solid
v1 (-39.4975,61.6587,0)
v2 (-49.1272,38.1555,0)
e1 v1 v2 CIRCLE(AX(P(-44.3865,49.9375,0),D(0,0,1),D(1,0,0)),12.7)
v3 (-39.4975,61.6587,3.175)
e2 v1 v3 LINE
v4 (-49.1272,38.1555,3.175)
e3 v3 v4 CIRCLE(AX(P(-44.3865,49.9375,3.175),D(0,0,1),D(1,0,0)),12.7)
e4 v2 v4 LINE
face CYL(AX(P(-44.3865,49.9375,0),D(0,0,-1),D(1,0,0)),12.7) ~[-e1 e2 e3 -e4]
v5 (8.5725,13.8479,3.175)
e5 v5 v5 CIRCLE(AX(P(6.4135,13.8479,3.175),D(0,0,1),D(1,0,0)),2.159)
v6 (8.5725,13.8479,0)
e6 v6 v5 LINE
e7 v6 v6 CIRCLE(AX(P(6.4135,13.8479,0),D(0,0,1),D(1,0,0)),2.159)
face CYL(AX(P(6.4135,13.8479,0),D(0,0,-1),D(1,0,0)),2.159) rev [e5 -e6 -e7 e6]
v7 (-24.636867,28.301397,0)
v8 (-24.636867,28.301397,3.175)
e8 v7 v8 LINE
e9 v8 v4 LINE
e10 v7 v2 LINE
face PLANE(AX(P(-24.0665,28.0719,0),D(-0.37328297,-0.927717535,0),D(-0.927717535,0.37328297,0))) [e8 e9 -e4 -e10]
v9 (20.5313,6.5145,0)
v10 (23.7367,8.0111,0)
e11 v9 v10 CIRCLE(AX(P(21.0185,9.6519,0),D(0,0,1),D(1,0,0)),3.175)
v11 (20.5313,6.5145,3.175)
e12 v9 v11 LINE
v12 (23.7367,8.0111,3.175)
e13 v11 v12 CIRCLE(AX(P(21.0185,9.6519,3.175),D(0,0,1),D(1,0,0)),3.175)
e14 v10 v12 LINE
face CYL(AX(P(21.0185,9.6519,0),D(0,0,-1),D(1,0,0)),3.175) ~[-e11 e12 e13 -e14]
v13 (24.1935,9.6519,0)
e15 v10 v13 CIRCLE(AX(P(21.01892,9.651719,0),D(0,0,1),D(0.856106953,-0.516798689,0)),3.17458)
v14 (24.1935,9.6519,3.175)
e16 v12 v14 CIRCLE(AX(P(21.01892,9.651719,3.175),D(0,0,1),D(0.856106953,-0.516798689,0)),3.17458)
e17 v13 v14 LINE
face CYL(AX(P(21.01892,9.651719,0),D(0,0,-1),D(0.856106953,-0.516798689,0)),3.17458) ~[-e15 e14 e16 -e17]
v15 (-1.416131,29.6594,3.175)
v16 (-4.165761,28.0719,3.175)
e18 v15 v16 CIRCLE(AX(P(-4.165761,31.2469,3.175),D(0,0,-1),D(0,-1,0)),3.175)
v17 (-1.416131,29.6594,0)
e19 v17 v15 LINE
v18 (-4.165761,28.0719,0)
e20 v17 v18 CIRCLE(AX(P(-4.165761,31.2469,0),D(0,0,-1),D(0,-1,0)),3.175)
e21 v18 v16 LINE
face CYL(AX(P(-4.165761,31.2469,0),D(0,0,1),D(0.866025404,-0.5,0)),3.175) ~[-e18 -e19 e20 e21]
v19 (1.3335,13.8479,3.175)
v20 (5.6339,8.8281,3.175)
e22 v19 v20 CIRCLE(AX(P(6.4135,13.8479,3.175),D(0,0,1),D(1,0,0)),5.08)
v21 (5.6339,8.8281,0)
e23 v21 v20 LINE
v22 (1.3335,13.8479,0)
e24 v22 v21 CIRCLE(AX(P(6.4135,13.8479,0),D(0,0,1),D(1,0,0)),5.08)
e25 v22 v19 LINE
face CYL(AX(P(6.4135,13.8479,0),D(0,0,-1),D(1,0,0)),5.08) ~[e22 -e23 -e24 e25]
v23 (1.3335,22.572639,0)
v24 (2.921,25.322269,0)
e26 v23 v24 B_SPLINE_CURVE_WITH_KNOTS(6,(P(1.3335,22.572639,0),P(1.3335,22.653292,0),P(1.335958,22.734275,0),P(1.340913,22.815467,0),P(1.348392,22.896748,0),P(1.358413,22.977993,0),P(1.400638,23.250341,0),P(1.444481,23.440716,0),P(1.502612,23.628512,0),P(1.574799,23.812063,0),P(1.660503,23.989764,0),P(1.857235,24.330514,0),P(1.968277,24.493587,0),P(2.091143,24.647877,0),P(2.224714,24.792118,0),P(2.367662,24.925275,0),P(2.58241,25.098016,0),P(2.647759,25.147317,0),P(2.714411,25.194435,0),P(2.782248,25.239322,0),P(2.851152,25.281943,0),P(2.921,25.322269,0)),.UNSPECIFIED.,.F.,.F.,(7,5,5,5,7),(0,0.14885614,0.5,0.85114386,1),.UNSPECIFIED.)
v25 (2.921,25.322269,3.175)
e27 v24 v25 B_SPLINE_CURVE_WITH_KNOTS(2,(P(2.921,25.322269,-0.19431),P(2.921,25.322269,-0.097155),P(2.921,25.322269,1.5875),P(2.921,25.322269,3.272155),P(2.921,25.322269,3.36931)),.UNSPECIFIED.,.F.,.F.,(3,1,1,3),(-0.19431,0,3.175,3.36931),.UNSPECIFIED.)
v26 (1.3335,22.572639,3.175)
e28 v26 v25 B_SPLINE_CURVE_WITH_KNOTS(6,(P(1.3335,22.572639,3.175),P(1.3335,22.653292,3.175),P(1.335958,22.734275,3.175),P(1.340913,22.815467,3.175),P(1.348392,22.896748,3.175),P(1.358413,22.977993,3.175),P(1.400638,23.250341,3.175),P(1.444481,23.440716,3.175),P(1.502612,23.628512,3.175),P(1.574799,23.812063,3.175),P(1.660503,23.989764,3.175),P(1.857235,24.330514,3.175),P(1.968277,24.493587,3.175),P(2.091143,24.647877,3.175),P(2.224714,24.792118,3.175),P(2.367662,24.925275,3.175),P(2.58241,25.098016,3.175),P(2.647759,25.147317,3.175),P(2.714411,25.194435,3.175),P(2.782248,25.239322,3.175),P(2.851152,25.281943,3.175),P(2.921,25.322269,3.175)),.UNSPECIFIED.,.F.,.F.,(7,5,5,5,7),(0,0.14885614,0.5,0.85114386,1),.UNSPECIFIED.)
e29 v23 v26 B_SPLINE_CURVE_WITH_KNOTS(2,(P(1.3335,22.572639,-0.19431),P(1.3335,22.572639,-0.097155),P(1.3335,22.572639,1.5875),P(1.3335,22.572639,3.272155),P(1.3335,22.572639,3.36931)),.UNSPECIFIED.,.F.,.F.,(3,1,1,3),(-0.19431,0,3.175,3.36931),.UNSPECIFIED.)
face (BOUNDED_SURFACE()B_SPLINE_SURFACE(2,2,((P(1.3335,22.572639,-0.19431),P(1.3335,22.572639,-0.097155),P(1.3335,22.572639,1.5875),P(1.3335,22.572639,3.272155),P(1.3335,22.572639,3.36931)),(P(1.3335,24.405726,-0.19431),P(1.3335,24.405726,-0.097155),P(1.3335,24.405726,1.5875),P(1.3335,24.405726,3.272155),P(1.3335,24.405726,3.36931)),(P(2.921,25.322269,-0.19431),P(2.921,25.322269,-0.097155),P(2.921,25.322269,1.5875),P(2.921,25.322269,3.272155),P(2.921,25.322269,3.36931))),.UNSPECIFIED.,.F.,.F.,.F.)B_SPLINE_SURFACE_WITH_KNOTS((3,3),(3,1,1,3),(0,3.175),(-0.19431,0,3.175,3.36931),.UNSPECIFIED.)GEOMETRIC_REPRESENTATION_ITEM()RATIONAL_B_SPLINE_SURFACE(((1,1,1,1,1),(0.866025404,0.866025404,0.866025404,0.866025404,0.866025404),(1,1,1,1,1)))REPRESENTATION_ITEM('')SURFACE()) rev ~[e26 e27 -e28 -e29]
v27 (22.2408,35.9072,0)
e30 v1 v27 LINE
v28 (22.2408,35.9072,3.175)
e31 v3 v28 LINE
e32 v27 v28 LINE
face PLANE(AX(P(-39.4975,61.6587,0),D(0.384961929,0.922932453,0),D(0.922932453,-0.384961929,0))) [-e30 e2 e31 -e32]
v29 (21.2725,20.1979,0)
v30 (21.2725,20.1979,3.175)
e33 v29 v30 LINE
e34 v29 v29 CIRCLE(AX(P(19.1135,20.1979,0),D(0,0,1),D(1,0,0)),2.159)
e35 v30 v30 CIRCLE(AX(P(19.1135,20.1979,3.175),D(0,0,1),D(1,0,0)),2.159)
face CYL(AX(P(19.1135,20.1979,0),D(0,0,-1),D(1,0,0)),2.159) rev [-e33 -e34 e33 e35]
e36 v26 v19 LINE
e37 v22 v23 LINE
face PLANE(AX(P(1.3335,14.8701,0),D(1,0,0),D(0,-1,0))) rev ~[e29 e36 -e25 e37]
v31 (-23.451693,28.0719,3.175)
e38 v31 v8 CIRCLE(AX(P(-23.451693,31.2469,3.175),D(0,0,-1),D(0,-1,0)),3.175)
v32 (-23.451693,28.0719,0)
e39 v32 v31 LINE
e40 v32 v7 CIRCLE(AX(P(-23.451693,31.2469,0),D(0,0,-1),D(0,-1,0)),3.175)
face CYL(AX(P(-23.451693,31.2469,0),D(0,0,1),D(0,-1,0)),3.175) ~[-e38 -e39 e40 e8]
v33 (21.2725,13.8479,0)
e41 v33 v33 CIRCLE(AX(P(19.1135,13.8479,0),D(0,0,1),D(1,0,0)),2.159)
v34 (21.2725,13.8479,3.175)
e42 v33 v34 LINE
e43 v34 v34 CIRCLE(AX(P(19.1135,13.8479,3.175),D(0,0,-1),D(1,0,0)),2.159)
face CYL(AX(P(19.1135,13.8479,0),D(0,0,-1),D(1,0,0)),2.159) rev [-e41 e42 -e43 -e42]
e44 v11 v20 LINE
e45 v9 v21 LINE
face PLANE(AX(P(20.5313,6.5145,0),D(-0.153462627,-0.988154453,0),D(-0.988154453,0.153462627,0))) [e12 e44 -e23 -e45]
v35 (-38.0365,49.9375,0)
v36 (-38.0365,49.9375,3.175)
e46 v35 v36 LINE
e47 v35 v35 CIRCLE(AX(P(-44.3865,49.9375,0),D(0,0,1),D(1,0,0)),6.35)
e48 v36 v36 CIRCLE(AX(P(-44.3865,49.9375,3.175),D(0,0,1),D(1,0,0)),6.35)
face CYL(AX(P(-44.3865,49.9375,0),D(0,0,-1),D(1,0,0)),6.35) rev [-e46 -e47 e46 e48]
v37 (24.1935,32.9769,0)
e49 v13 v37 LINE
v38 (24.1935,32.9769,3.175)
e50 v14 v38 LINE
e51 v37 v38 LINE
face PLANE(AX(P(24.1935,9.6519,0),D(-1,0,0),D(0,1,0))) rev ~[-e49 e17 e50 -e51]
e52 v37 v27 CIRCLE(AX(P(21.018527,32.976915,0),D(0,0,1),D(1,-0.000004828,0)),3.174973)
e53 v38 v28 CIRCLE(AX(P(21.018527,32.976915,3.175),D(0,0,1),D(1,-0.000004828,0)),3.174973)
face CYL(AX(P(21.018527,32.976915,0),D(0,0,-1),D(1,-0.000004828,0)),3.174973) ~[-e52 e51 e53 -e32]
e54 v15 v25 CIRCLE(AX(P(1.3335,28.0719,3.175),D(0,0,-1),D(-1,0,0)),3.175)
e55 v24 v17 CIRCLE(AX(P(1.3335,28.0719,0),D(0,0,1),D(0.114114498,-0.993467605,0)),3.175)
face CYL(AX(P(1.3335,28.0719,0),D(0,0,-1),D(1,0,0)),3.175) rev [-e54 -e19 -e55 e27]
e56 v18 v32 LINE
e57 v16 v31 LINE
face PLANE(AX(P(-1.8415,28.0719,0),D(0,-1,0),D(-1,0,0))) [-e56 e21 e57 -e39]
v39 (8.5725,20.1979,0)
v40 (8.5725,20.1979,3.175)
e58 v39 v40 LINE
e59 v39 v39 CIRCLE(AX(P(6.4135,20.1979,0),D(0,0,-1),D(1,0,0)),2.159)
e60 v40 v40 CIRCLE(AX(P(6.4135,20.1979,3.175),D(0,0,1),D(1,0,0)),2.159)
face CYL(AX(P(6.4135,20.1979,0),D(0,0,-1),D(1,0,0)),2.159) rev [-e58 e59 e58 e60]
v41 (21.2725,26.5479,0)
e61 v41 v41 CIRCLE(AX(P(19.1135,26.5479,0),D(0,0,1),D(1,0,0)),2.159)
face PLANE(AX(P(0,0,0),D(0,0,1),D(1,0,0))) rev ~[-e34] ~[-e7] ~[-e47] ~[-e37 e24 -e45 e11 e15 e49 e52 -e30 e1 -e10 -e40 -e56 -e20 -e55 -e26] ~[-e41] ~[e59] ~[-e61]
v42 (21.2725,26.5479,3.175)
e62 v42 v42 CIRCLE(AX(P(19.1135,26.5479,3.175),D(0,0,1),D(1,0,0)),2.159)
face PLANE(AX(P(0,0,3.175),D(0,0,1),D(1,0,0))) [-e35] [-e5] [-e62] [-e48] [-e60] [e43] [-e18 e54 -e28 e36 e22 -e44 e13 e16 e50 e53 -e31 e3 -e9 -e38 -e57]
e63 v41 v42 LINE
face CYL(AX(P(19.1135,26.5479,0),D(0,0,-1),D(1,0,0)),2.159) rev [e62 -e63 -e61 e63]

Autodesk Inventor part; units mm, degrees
ref_plane "YZ Plane" through (0, 0, 0) normal (1, 0, 0) x (0, 1, 0)
ref_plane "XZ Plane" through (0, 0, 0) normal (0, 1, 0) x (-1, 0, 0)
ref_plane "XY Plane" through (0, 0, 0) normal (0, 0, 1) x (1, 0, 0)
sketch "Sketch1" plane through (0, 0, 0) normal (0, 0, 1) x (1, 0, 0)
  circle A0 centre (19.1135, 26.5479) radius 2.159 projected
  circle A1 centre (6.4135, 13.8479) radius 2.159 projected
  circle A2 centre (6.4135, 20.1979) radius 2.159 projected
  circle A3 centre (19.1135, 13.8479) radius 2.159 projected
  circle A4 centre (19.1135, 20.1979) radius 2.159 projected
  circle A5 centre (-11.4935, -25.7761) radius 2.159 projected
  circle A6 centre (-5.3048, -30.2218) radius 2.159 projected
  circle A7 centre (-17.6822, -21.3304) radius 2.159 projected
  arc A8 (2.921, 26.1944) -> (1.3335, 23.4448) centre (4.5085, 23.4448) ccw projected
  line L0 (1.3335, 23.4448) -> (1.3335, 14.8701) projected
  arc A9 (0.7371, 13.0177) -> (1.3335, 14.8701) centre (-1.8415, 14.8701) ccw projected
  line L1 (0.7371, 13.0177) -> (-21.808, -18.3666) projected
  arc A10 (-21.808, -18.3666) -> (-0.6209, -32.3394) centre (-11.4935, -25.7761) ccw projected
  line L2 (-0.6209, -32.3394) -> (23.7367, 8.0111) projected
  arc A11 (23.7367, 8.0111) -> (24.1935, 9.6519) centre (21.0185, 9.6519) ccw projected
  line L3 (24.1935, 9.6519) -> (24.1935, 32.9769) projected
  arc A12 (24.1935, 32.9769) -> (19.431, 35.7265) centre (21.0185, 32.9769) ccw projected
  line L4 (19.431, 35.7265) -> (2.921, 26.1944) projected
  circle A13 centre (21.0185, 9.6519) radius 3.175
  line L5 (1.3335, 14.8701) -> (1.3335, 13.8479)
  circle A14 centre (6.4135, 13.8479) radius 5.08
  line L6 (20.5313, 6.5145) -> (5.6339, 8.8281)
  circle A15 centre (-44.3865, 49.9375) radius 6.35
  circle A16 centre (-44.3865, 49.9375) radius 25.4 construction
  circle A17 centre (-11.4935, -25.7761) radius 82.55 construction
  circle A18 centre (-11.4935, -25.7761) radius 57.15 construction
  circle A19 centre (1.3335, 28.0719) radius 3.175
  line L7 (-1.8415, 28.0719) -> (-24.0665, 28.0719)
  circle A20 centre (-44.3865, 49.9375) radius 12.7
  line L8 (-24.0665, 28.0719) -> (-49.1272, 38.1555)
  line L9 (-39.4975, 61.6587) -> (22.2408, 35.9072)
  point P0 (0, 0)
  point P1 (1.6958, 24.9176)
  dimension "d10" = 6.35
  dimension "d3" = 12.7
  dimension "d4" = 50.8
  dimension "d5" = 114.3
  dimension "d6" = 45.72
  dimension "d8" = 25.4
  dimension "d12" = 1.524
  dimension "d13" = 25.4
extrude "Extrusion1" add sketch "Sketch1" along normal blind 3.175 contours A2 A14 L5 L0 A8 A19 L4 A12 L3 A13 A3 L6 | A2 A14 | A13 A3 A11 | L7 L8 A20 L9 A12 L4 A19 | A20 picked at (8.0498, 17.4208)
fillet "Fillet1" radius 3.175 3 edges at (1.6958, 24.9176, 1.5875) (-1.8415, 28.0719, 1.5875) (-24.0665, 28.0719, 1.5875)
properties part number "IntakePoly" material "Polycarbonate, Smoke"
